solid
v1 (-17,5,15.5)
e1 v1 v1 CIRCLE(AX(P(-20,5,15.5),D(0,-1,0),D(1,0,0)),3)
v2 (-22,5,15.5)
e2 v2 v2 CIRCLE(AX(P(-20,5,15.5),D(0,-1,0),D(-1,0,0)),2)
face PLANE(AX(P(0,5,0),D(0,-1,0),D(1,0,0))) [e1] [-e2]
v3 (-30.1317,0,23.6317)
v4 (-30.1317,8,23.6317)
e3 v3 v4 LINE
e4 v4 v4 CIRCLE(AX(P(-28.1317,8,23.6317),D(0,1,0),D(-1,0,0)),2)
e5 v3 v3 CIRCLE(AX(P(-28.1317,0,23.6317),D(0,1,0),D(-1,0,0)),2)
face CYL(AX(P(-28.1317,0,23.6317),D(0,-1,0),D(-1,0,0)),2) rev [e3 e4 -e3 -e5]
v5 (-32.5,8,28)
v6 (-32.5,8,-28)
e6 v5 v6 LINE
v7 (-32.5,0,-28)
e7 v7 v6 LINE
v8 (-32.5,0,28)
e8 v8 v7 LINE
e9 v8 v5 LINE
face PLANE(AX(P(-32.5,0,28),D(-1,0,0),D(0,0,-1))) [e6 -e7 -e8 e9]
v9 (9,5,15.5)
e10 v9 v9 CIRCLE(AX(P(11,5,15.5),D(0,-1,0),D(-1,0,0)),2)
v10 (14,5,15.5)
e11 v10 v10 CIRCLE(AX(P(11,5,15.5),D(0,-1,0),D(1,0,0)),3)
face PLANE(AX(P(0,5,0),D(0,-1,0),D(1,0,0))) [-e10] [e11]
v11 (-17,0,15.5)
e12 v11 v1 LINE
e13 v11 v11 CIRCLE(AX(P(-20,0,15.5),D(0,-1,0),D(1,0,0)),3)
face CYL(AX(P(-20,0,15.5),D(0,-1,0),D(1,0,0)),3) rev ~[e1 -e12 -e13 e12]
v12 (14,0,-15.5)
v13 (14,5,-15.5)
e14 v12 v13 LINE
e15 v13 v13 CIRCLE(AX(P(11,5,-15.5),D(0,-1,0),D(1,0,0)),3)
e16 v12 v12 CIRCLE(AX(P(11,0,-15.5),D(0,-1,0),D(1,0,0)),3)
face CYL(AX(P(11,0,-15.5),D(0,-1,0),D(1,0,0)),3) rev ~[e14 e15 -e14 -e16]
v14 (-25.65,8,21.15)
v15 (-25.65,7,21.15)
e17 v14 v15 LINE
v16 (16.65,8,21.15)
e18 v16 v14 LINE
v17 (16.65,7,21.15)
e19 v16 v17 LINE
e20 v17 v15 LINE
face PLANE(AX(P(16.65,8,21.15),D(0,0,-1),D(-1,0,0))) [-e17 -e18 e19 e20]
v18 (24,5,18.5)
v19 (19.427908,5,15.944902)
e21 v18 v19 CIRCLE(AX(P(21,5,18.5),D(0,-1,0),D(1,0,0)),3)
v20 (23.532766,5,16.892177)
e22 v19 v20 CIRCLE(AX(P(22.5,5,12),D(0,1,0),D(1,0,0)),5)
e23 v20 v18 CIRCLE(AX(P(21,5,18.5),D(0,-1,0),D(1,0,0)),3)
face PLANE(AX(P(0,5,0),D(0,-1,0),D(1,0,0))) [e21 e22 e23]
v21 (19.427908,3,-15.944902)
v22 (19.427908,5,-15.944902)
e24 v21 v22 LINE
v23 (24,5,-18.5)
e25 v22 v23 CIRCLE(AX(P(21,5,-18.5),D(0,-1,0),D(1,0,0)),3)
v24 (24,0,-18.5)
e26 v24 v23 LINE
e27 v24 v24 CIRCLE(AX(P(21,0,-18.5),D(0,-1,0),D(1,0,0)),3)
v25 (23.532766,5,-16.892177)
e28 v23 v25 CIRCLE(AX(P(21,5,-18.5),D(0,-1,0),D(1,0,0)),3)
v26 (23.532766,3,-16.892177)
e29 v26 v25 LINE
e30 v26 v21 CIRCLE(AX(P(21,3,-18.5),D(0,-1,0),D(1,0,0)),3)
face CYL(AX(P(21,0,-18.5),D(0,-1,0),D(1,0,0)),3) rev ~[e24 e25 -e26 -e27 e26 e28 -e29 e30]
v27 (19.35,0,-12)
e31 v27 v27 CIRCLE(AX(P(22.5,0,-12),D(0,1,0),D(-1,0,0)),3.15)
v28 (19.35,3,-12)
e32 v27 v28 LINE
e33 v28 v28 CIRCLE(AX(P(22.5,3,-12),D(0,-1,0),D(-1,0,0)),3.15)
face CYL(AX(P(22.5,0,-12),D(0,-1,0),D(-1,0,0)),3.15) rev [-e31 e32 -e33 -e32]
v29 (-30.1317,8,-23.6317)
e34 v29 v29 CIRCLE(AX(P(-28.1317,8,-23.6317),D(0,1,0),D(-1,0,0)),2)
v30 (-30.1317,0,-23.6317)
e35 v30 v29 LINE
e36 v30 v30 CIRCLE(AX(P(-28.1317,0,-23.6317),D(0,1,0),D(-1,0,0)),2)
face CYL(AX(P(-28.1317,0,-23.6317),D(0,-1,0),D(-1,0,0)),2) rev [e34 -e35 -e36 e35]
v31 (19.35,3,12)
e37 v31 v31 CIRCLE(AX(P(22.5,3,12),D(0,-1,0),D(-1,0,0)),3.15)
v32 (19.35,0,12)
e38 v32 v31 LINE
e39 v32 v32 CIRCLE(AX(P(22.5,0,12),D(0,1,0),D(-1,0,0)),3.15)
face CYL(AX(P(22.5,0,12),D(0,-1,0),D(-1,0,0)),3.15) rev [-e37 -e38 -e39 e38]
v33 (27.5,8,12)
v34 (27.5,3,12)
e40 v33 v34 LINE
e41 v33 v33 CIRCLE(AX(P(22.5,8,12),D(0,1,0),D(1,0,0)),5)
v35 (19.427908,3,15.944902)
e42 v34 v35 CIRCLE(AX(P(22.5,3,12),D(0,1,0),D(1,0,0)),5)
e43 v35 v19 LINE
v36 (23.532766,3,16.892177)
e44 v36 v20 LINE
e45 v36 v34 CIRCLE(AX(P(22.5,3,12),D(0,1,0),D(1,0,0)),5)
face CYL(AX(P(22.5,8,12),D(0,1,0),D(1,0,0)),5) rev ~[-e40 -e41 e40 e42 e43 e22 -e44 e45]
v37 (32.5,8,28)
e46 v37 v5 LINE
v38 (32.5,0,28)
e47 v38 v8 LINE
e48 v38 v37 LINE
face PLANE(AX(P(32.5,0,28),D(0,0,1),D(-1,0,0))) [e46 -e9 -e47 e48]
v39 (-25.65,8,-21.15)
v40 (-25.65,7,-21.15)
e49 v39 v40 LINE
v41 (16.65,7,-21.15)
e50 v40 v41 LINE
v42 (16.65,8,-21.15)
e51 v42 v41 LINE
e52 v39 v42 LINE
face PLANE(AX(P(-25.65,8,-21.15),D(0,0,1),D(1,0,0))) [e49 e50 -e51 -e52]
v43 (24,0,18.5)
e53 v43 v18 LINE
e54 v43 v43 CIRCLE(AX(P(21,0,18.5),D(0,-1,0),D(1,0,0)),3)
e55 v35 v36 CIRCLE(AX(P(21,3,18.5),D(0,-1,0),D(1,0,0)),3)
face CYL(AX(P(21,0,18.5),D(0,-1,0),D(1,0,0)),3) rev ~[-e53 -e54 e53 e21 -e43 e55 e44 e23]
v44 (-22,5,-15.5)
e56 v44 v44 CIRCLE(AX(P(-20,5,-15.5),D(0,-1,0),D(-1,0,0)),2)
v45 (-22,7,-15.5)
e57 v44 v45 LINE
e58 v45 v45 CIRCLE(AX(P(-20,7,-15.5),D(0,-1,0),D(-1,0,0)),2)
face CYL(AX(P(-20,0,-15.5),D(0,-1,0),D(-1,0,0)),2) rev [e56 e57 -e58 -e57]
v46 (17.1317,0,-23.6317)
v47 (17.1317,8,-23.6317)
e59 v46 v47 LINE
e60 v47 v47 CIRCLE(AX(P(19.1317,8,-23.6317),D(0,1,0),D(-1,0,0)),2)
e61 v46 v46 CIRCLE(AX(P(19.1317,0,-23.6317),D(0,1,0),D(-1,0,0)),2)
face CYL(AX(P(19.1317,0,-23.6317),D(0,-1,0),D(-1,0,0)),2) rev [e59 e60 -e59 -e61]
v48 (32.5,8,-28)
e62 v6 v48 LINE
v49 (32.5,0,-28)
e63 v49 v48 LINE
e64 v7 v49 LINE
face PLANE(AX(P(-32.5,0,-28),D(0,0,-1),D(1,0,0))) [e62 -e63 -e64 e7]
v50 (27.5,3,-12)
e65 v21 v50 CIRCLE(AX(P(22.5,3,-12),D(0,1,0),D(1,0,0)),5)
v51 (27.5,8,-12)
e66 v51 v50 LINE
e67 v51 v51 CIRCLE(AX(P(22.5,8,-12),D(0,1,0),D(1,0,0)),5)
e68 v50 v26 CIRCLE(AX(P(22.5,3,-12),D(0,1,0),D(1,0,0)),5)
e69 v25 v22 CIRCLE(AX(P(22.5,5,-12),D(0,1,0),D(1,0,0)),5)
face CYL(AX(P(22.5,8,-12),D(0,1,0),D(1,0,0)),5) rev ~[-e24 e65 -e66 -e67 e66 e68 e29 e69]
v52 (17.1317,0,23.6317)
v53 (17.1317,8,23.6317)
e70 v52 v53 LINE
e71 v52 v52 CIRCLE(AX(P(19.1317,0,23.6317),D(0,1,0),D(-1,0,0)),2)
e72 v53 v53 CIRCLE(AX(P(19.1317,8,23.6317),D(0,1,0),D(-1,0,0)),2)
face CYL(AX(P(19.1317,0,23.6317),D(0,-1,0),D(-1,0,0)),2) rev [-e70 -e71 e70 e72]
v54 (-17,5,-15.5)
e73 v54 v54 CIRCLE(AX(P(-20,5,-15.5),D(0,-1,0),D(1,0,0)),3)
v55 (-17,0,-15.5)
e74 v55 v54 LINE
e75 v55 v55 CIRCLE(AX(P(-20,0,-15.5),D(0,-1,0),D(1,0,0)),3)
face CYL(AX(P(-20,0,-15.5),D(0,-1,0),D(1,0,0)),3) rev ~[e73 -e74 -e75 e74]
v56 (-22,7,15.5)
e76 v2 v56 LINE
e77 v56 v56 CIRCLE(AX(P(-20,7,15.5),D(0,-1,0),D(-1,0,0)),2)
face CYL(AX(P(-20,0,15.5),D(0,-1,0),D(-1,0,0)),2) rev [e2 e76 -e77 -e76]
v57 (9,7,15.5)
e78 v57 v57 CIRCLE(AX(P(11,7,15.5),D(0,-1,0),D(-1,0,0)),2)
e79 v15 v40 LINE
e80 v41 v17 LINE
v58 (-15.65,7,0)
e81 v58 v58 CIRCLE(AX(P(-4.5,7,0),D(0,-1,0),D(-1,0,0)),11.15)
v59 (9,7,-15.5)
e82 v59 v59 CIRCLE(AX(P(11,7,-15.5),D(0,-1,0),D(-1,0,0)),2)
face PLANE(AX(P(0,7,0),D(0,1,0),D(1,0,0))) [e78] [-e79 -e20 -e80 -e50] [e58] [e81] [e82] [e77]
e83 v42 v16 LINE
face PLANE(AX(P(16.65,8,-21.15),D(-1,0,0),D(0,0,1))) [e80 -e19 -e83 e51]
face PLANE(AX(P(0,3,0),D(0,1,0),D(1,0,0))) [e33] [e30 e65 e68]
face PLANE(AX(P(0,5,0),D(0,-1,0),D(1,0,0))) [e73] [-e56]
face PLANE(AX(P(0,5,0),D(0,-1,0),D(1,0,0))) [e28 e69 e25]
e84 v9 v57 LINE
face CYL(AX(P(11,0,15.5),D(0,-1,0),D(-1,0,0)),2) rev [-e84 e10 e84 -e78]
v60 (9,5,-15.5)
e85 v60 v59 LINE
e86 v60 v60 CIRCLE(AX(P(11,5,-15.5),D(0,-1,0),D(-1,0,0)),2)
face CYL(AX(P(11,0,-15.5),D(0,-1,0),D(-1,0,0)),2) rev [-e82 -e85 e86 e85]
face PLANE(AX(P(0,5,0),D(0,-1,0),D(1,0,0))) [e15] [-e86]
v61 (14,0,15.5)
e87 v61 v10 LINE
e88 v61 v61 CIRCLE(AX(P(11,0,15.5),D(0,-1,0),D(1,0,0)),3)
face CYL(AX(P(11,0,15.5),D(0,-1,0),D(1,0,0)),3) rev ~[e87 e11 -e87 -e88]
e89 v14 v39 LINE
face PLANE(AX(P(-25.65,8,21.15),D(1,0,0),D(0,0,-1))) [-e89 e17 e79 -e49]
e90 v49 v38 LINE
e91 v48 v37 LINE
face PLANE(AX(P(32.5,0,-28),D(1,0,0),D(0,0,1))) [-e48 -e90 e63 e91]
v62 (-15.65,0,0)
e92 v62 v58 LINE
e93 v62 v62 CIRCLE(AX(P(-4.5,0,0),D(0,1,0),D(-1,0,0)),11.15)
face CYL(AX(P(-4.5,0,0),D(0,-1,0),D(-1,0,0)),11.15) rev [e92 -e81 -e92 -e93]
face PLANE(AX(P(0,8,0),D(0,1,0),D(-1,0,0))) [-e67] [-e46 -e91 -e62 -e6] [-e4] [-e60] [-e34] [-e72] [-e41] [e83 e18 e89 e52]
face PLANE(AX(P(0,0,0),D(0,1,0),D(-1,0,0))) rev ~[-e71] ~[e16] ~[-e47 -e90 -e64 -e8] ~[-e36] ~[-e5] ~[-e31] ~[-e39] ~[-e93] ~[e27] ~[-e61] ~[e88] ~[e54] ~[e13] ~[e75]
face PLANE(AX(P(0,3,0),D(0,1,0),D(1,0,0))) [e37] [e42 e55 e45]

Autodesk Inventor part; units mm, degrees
ref_plane "YZ Plane" through (0, 0, 0) normal (1, 0, 0) x (0, 1, 0)
ref_plane "XZ Plane" through (0, 0, 0) normal (0, 1, 0) x (-1, 0, 0)
ref_plane "XY Plane" through (0, 0, 0) normal (0, 0, 1) x (1, 0, 0)
sketch "Sketch1" plane through (0, 0, 0) normal (0, 1, 0) x (-1, 0, 0)
  line L0 (-32.5, 28) -> (32.5, 28)
  line L1 (32.5, 28) -> (32.5, -28)
  line L2 (32.5, -28) -> (-32.5, -28)
  line L3 (-32.5, -28) -> (-32.5, 28)
  line L4 (-32.5, 28) -> (32.5, -28) construction
  line L5 (32.5, 28) -> (-32.5, -28) construction
  circle A0 centre (4.5, 0) radius 11.15
  line L6 (-11, 15.5) -> (20, 15.5) construction
  line L7 (20, 15.5) -> (20, -15.5) construction
  line L8 (20, -15.5) -> (-11, -15.5) construction
  line L9 (-11, -15.5) -> (-11, 15.5) construction
  line L10 (-11, 15.5) -> (20, -15.5) construction
  line L11 (20, 15.5) -> (-11, -15.5) construction
  circle A1 centre (20, 15.5) radius 2
  line L12 (-11, 15.5) -> (20, 15.5) construction
  line L13 (20, 15.5) -> (20, -15.5) construction
  line L14 (20, -15.5) -> (-11, -15.5) construction
  line L15 (-11, -15.5) -> (-11, 15.5) construction
  circle A2 centre (-11, 15.5) radius 2
  line L16 (-11, -15.5) -> (-11, 15.5) construction
  line L17 (-11, 15.5) -> (20, 15.5) construction
  line L18 (20, 15.5) -> (20, -15.5) construction
  line L19 (20, -15.5) -> (-11, -15.5) construction
  circle A3 centre (-11, -15.5) radius 2
  line L20 (20, -15.5) -> (-11, -15.5) construction
  line L21 (-11, -15.5) -> (-11, 15.5) construction
  line L22 (-11, 15.5) -> (20, 15.5) construction
  line L23 (20, 15.5) -> (20, -15.5) construction
  circle A4 centre (20, -15.5) radius 2
  circle A5 centre (28.1317, 23.6317) radius 2
  line L24 (28.1317, 23.6317) -> (20, 15.5) construction
  circle A6 centre (-19.1317, 23.6317) radius 2
  circle A7 centre (-19.1317, -23.6317) radius 2
  circle A8 centre (28.1317, -23.6317) radius 2
  circle A9 centre (-22.5, -12) radius 3.15
  line L25 (32.5, 0) -> (-32.5, 0) construction
  circle A10 centre (-22.5, 12) radius 3.15
  point P0 (0, 0)
  point P1 (0, 0)
  dimension "d0" = 56
  dimension "d1" = 65
  dimension "d2" = 28
  dimension "d3" = 22.3
  dimension "d4" = 31
  dimension "d5" = 31
  dimension "d8" = 360
  dimension "d10" = 4
  dimension "d11" = 11.5
  dimension "d12" = 4
  dimension "d15" = 360
  dimension "d17" = 16
  dimension "d18" = 10
  dimension "d19" = 6.3
extrude "Extrusion1" add sketch "Sketch1" along normal blind 8
sketch "Sketch2" plane through (0, 8, 0) normal (0, 1, 0) x (1, 0, 0)
  circle A0 centre (-4.5, 0) radius 11.15 construction
  line L0 (16.65, -21.15) -> (-25.65, -21.15)
  line L1 (-25.65, -21.15) -> (-25.65, 21.15)
  line L2 (-25.65, 21.15) -> (16.65, 21.15)
  line L3 (16.65, 21.15) -> (16.65, -21.15)
  line L4 (16.65, -21.15) -> (-25.65, 21.15) construction
  line L5 (-25.65, -21.15) -> (16.65, 21.15) construction
  point P0 (0, 0)
  dimension "d22" = 42.3
  dimension "d23" = 42.3
extrude "Extrusion2" cut sketch "Sketch2" against normal blind 1
sketch "Sketch3" plane through (0, 8, 0) normal (0, 1, 0) x (1, 0, 0)
  circle A0 centre (22.5, -12) radius 3.15 construction
  circle A1 centre (22.5, 12) radius 3.15 construction
  circle A2 centre (22.5, -12) radius 5
  circle A3 centre (22.5, 12) radius 5
  point P0 (0, 0)
  dimension "d26" = 10
  dimension "d27" = 10
extrude "Extrusion3" cut sketch "Sketch3" against normal blind 5
sketch "Sketch4" plane through (0, 0, 0) normal (0, -1, 0) x (1, 0, 0)
  line L0 (32.5, -28) -> (-32.5, -28) projected
  line L1 (32.5, 28) -> (32.5, -28) projected
  line L2 (-32.5, 28) -> (32.5, 28) projected
  line L3 (-32.5, -28) -> (-32.5, 28) projected
  circle A0 centre (22.5, 12) radius 3.15 projected
  circle A1 centre (-28.1317, -23.6317) radius 2 projected
  circle A2 centre (-4.5, 0) radius 11.15 projected
  circle A3 centre (-20, 15.5) radius 2 projected
  circle A4 centre (11, 15.5) radius 2 projected
  circle A5 centre (11, -15.5) radius 2 projected
  circle A6 centre (-20, -15.5) radius 2 projected
  circle A7 centre (-28.1317, 23.6317) radius 2 projected
  circle A8 centre (19.1317, 23.6317) radius 2 projected
  circle A9 centre (19.1317, -23.6317) radius 2 projected
  circle A10 centre (22.5, -12) radius 3.15 projected
  circle A11 centre (-20, 15.5) radius 3
  circle A12 centre (-20, -15.5) radius 3
  circle A13 centre (11, -15.5) radius 3
  circle A14 centre (11, 15.5) radius 3
  circle A15 centre (21, 18.5) radius 3
  line L4 (-32.5, -28) -> (-32.5, 28) projected
  line L5 (-32.5, 0) -> (32.5, 0) construction
  circle A16 centre (21, -18.5) radius 3
  point P0 (0, 0)
  dimension "d30" = 6
  dimension "d33" = 360
  dimension "d35" = 9.5
  dimension "d36" = 11.5
  dimension "d37" = 6
extrude "Extrusion4" cut sketch "Sketch4" against normal blind 5 contours A3 | A4 | A5 | A6 | A11 | A12 | A13 | A14 | A15 | A16
properties part number "Linear Rail Front Plate"
